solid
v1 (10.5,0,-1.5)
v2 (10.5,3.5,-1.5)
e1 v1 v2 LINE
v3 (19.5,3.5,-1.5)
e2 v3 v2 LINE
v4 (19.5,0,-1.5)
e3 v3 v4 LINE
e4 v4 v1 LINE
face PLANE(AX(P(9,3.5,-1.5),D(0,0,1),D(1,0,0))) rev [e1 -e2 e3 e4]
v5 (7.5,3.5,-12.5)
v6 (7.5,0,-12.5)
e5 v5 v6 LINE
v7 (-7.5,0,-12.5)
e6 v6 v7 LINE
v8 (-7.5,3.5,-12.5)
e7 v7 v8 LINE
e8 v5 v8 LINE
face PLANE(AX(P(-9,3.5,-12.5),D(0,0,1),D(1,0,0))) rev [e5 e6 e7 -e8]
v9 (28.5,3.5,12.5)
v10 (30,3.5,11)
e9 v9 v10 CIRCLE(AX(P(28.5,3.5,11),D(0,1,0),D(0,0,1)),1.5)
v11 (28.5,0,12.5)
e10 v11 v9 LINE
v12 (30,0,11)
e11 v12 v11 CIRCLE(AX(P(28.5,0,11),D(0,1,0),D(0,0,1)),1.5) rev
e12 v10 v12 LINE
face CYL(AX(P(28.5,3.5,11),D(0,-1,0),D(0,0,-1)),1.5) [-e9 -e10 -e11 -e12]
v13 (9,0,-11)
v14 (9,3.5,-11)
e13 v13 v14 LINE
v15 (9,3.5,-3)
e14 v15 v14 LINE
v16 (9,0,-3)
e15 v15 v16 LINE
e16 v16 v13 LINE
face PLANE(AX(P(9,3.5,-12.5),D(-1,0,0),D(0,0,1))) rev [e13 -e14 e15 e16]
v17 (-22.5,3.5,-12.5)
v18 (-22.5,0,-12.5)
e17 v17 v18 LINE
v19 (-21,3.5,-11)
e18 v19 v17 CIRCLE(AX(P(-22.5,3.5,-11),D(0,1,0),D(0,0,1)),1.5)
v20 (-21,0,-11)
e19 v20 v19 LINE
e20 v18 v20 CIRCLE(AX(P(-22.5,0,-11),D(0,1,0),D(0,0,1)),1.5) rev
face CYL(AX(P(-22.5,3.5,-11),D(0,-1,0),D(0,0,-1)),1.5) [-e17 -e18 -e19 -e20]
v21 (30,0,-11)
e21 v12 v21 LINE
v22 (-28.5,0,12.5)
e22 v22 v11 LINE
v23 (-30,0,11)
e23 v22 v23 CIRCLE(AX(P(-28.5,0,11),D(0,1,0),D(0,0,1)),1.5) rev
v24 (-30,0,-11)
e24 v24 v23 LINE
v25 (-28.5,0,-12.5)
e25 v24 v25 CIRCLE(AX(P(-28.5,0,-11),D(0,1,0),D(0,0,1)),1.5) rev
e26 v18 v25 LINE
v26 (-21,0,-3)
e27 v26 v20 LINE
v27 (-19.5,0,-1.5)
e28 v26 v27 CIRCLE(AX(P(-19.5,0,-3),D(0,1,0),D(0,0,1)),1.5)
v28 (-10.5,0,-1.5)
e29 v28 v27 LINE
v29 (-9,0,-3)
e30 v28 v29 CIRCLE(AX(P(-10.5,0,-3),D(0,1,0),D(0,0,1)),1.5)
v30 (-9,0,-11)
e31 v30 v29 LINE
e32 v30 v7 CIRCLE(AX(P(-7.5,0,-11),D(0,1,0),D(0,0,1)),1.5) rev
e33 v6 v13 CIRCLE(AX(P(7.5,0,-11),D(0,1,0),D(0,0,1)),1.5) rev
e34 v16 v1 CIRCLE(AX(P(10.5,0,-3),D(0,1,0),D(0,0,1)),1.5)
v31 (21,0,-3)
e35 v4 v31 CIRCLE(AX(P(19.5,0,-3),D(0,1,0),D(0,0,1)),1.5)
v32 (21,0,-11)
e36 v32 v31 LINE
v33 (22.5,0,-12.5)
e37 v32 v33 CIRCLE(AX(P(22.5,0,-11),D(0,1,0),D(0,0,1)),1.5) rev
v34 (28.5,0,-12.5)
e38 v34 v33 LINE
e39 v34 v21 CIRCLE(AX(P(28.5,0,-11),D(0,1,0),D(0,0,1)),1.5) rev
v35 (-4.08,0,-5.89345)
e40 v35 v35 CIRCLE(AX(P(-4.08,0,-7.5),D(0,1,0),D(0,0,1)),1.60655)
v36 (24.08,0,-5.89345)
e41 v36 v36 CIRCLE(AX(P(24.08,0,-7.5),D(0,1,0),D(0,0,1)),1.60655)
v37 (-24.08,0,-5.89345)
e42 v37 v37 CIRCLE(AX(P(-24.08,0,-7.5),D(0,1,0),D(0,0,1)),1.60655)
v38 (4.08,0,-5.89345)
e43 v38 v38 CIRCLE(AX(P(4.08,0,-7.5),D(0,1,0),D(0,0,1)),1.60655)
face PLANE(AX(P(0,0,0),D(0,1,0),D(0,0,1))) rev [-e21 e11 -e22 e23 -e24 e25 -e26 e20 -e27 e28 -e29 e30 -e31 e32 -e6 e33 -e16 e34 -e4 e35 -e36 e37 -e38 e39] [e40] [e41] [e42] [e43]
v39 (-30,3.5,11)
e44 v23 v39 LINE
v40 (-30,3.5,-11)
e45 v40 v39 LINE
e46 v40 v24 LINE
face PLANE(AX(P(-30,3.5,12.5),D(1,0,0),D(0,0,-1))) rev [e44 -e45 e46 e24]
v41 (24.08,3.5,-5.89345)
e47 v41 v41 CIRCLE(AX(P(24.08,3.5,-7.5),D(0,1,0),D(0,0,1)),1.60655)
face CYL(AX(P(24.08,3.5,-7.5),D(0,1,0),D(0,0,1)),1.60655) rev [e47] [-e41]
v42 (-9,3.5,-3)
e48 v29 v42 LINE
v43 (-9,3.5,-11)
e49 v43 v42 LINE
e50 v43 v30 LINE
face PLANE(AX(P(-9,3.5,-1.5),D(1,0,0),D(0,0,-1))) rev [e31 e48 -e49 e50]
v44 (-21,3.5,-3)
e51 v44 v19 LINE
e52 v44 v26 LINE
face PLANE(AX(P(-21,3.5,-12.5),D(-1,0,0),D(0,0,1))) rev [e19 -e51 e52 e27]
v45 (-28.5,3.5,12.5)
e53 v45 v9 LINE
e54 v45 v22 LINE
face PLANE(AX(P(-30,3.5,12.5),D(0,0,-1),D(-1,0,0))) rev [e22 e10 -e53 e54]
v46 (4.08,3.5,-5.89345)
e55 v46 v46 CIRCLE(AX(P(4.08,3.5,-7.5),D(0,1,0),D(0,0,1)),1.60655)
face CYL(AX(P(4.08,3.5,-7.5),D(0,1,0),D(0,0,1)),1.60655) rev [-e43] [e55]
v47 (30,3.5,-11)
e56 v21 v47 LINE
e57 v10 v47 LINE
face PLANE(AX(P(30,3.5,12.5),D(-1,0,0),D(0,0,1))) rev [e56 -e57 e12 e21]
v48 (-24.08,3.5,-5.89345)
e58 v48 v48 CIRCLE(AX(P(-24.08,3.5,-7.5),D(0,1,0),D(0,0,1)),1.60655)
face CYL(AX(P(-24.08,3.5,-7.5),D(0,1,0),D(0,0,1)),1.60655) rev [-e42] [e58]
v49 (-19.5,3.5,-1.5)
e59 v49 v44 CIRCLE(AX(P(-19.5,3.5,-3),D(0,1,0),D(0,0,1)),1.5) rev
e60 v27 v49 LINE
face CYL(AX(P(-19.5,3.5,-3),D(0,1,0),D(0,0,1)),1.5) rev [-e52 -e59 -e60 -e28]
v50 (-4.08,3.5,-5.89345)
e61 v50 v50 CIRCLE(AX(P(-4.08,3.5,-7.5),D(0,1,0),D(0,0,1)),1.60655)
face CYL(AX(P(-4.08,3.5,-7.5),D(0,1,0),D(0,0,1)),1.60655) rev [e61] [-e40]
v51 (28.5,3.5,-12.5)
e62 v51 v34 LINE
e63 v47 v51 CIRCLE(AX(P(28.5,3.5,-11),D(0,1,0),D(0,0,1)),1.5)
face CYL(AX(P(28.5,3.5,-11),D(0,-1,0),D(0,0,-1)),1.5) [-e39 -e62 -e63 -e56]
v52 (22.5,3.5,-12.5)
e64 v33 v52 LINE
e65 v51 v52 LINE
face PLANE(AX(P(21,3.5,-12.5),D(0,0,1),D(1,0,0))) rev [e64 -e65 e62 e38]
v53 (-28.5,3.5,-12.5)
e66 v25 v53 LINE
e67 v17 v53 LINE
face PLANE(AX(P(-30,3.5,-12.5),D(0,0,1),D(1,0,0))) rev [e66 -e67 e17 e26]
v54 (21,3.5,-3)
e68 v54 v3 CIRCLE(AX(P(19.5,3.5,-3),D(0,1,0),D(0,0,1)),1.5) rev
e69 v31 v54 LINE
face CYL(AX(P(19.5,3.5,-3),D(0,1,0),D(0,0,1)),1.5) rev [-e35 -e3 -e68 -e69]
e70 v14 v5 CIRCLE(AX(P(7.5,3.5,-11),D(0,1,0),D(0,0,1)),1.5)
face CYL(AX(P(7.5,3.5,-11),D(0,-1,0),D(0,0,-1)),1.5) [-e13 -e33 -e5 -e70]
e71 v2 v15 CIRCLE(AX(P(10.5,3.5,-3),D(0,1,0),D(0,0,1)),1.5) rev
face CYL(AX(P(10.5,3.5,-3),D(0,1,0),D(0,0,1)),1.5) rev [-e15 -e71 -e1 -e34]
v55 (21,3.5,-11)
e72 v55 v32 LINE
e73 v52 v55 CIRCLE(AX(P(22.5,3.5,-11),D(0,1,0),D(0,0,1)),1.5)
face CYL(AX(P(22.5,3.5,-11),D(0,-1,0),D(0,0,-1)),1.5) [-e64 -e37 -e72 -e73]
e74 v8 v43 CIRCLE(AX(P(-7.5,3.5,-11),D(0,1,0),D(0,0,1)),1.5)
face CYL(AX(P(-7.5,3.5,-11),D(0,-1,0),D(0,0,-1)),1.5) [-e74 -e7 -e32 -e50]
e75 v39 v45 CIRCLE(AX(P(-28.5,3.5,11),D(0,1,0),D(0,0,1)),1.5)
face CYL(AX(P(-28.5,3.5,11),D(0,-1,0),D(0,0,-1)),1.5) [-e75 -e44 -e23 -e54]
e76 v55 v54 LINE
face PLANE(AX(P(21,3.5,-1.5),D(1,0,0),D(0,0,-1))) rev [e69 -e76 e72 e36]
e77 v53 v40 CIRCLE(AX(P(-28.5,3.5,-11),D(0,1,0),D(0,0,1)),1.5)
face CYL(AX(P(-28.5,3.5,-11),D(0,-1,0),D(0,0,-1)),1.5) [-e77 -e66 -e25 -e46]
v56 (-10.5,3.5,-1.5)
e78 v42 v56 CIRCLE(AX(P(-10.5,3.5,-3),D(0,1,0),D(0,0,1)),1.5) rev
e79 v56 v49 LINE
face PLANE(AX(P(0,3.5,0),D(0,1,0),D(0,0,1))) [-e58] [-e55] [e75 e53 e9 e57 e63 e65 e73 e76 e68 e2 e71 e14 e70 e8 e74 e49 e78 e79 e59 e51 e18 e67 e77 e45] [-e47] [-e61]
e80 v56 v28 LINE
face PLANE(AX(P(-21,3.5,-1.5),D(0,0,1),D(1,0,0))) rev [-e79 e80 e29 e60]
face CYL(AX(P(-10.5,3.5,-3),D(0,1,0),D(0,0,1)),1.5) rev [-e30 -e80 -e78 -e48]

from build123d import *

# Parameters (mm, degrees)
BOSS_EXTRUDE1_DEPTH   = 3.5
F_2_CLEARANCE_HOLE1_D = 3.2131
FILLET1_R             = 1.5


with BuildPart() as part:
    # Sketch1 → Boss-Extrude1 (new body)
    with BuildSketch(Plane(origin=(0, 0, 0), x_dir=(1, 0, 0), z_dir=(0, 1, 0))):
        Polygon((-21, 12.5), (-21, 1.5), (-9, 1.5), (-9, 12.5), (9, 12.5), (9, 1.5), (21, 1.5), (21, 12.5), (30, 12.5), (30, -12.5), (-30, -12.5), (-30, 12.5), align=None)
    extrude(amount=BOSS_EXTRUDE1_DEPTH)

    # #2 Clearance Hole1 (through all)
    with Locations(Plane(origin=(0, 3.5, 0), x_dir=(1, 0, 0), z_dir=(0, 1, 0))):
        with Locations((24.079999968, 7.5), (-24.079999968, 7.5), (-4.079999968, 7.5), (4.079999968, 7.5)):
            Hole(F_2_CLEARANCE_HOLE1_D / 2)

    # Fillet1
    fillet1_edges = [part.edges().sort_by_distance(p)[0] for p in [
        (30, 1.75, -12.5),
        (30, 1.75, 12.5),
        (-30, 1.75, 12.5),
        (-30, 1.75, -12.5),
        (-21, 1.75, -12.5),
        (-21, 1.75, -1.5),
        (-9, 1.75, -1.5),
        (-9, 1.75, -12.5),
        (9, 1.75, -12.5),
        (9, 1.75, -1.5),
        (21, 1.75, -1.5),
        (21, 1.75, -12.5),
    ]]
    fillet(fillet1_edges, radius=FILLET1_R)


solid = part.part
